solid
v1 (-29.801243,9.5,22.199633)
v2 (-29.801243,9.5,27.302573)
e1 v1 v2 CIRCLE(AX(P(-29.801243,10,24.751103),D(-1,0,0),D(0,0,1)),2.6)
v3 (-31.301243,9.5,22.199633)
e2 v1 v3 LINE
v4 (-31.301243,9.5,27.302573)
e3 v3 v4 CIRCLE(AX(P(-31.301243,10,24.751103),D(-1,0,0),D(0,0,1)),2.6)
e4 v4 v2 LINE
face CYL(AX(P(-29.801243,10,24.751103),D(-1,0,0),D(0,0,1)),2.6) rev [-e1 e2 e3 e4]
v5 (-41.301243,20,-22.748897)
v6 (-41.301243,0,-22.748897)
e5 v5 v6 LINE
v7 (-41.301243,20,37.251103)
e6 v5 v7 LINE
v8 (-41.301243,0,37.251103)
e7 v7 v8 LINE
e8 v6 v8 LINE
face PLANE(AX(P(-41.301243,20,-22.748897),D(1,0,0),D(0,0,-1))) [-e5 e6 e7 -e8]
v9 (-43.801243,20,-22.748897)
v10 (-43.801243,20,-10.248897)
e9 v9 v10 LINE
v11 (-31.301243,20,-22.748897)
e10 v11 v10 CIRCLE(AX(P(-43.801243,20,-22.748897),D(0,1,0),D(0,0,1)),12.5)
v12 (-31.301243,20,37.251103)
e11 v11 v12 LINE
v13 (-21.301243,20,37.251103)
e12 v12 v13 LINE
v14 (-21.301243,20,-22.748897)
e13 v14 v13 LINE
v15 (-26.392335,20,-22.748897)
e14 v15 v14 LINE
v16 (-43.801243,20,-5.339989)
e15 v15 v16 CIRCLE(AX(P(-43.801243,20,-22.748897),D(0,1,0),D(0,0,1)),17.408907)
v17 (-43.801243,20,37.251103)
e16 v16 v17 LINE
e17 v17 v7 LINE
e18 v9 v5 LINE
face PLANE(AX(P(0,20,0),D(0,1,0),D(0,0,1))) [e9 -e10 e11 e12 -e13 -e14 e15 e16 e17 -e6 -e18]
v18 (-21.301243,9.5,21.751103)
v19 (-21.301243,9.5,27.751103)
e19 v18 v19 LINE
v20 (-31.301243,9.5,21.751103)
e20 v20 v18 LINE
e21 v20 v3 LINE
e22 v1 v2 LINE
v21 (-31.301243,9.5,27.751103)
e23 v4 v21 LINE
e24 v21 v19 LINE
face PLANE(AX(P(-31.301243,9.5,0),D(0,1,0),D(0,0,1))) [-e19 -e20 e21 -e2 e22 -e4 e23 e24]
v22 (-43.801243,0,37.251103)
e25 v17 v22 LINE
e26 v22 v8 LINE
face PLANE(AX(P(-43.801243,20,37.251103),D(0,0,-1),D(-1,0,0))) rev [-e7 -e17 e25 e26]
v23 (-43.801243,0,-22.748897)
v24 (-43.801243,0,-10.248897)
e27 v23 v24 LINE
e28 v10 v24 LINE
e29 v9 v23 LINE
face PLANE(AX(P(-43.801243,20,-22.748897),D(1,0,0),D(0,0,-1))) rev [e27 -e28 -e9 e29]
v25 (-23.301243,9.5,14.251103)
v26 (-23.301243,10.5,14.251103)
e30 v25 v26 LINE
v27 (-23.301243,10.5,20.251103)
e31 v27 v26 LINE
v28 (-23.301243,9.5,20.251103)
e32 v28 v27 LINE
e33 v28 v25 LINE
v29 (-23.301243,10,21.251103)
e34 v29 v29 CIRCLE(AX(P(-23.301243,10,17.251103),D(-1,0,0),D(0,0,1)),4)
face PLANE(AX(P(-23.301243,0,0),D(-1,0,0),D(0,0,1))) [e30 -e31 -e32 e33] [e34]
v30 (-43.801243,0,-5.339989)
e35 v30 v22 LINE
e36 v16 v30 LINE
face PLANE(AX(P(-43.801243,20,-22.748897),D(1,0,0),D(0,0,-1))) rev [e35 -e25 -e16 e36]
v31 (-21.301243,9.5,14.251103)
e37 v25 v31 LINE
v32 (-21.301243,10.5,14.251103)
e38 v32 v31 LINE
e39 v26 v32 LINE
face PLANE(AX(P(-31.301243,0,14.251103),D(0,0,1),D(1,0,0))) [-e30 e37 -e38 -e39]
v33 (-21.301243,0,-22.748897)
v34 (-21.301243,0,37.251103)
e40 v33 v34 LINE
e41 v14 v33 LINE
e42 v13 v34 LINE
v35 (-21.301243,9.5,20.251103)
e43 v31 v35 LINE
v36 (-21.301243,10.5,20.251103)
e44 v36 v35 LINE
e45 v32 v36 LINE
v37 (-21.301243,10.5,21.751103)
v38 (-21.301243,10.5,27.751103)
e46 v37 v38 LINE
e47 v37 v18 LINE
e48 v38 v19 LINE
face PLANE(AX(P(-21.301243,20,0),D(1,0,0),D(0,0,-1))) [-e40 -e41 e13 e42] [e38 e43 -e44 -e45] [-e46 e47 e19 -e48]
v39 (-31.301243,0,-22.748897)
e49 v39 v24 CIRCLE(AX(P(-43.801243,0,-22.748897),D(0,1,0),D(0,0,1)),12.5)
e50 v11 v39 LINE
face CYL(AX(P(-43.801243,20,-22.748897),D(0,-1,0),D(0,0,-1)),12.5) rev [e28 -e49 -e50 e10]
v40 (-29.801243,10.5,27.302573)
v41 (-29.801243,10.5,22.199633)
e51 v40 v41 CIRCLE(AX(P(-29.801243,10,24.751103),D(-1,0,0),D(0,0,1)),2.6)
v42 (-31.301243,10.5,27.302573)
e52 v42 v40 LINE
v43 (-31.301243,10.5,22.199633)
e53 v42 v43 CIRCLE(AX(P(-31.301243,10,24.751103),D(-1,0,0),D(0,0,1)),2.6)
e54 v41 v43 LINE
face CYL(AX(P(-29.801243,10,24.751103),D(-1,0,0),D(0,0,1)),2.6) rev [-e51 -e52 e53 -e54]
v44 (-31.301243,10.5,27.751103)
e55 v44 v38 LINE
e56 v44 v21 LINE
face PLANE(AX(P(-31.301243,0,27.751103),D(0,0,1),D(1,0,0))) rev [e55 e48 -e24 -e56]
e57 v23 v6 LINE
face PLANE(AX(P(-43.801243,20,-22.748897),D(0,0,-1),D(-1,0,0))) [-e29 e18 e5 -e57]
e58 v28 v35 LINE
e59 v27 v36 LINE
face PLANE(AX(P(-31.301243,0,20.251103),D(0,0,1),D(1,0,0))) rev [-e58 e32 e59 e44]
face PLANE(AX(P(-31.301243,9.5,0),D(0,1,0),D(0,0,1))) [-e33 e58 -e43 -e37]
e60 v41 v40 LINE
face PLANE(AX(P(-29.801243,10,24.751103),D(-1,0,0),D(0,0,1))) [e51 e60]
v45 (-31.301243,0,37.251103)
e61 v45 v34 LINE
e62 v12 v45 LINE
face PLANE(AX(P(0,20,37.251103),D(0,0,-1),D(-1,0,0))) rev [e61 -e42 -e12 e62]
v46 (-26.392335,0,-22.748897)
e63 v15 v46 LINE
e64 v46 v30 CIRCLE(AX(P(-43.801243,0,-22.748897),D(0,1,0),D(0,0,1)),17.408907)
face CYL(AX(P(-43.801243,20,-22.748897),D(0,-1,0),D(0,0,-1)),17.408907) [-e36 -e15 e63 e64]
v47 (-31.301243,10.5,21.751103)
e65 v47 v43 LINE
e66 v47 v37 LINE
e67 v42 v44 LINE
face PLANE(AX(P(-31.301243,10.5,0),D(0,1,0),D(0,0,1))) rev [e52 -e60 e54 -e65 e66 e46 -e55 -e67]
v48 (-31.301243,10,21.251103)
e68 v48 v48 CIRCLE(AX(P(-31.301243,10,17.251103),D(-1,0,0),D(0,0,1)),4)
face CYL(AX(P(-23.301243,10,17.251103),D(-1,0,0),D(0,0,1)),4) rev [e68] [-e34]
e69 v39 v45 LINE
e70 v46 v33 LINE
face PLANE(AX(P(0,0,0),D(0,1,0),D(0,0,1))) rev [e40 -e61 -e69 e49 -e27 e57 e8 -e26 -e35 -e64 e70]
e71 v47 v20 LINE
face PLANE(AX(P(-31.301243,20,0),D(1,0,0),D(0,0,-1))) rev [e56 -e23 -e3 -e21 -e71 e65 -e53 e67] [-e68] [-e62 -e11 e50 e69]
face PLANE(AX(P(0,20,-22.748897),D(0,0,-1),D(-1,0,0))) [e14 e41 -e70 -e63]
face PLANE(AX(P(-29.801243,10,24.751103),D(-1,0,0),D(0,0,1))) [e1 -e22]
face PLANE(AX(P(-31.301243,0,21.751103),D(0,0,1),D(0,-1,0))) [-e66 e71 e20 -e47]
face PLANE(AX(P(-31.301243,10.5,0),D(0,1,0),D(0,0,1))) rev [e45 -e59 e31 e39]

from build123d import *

# Parameters (mm, degrees)
BOSS_EXTRUDE1_DEPTH = 20
SKETCH2_R           = 4
CUT_EXTRUDE2_DEPTH  = 8
CUT_EXTRUDE4_DEPTH  = 10
SKETCH4_R           = 2.6
CUT_EXTRUDE5_DEPTH  = 1.5


with BuildPart() as part:
    # Sketch1 → Boss-Extrude1 (new body)
    with BuildSketch(Plane(origin=(0, 0, 0), x_dir=(1, 0, 0), z_dir=(0, 1, 0))):
        with BuildLine():
            Line((-41.301242739, 22.74889672), (-43.801242739, 22.74889672))
            Line((-43.801242739, 22.74889672), (-43.801242739, 10.24889672))
            ThreePointArc((-43.801242739, 10.24889672), (-52.640077504, 31.587731485), (-31.301242739, 22.74889672))
            Line((-31.301242739, 22.74889672), (-31.301242739, -37.25110328))
            Line((-31.301242739, -37.25110328), (-21.301242739, -37.25110328))
            Line((-21.301242739, -37.25110328), (-21.301242739, 22.74889672))
            Line((-21.301242739, 22.74889672), (-26.392335279, 22.74889672))
            ThreePointArc((-26.392335279, 22.74889672), (-56.111199256, 35.058853238), (-43.801242739, 5.339989261))
            Line((-43.801242739, 5.339989261), (-43.801242739, -37.25110328))
            Line((-43.801242739, -37.25110328), (-41.301242739, -37.25110328))
            Line((-41.301242739, -37.25110328), (-41.301242739, 22.74889672))
        make_face()
    extrude(amount=BOSS_EXTRUDE1_DEPTH)

    # Sketch2 → Cut-Extrude2 (cut)
    with BuildSketch(Plane.ZY.offset(31.301242739)):
        with Locations((17.25110328, 10)):
            Circle(SKETCH2_R)
    extrude(amount=-CUT_EXTRUDE2_DEPTH, mode=Mode.SUBTRACT)

    # Sketch3 → Cut-Extrude4 (cut)
    with BuildSketch(Plane(origin=(-21.301242739, 0, 0), x_dir=(0, 0, -1), z_dir=(1, 0, 0))):
        Polygon((-24.75110328, 10), (-27.75110328, 10.5), (-27.75110328, 9.5), align=None)
        Polygon((-21.75110328, 10.5), (-27.75110328, 10.5), (-24.75110328, 10), align=None)
        Polygon((-21.75110328, 10.5), (-24.75110328, 10), (-21.75110328, 9.5), align=None)
        Polygon((-21.75110328, 9.5), (-24.75110328, 10), (-27.75110328, 9.5), align=None)
        Polygon((-17.25110328, 10), (-20.25110328, 10.5), (-20.25110328, 9.5), align=None)
        Polygon((-14.25110328, 10.5), (-17.25110328, 10), (-14.25110328, 9.5), align=None)
        Polygon((-14.25110328, 10.5), (-20.25110328, 10.5), (-17.25110328, 10), align=None)
        Polygon((-14.25110328, 9.5), (-17.25110328, 10), (-20.25110328, 9.5), align=None)
    extrude(amount=-CUT_EXTRUDE4_DEPTH, mode=Mode.SUBTRACT)

    # Sketch4 → Cut-Extrude5 (cut)
    with BuildSketch(Plane.ZY.offset(31.301242739)):
        with Locations((24.75110328, 10)):
            Circle(SKETCH4_R)
    extrude(amount=-CUT_EXTRUDE5_DEPTH, mode=Mode.SUBTRACT)


solid = part.part
